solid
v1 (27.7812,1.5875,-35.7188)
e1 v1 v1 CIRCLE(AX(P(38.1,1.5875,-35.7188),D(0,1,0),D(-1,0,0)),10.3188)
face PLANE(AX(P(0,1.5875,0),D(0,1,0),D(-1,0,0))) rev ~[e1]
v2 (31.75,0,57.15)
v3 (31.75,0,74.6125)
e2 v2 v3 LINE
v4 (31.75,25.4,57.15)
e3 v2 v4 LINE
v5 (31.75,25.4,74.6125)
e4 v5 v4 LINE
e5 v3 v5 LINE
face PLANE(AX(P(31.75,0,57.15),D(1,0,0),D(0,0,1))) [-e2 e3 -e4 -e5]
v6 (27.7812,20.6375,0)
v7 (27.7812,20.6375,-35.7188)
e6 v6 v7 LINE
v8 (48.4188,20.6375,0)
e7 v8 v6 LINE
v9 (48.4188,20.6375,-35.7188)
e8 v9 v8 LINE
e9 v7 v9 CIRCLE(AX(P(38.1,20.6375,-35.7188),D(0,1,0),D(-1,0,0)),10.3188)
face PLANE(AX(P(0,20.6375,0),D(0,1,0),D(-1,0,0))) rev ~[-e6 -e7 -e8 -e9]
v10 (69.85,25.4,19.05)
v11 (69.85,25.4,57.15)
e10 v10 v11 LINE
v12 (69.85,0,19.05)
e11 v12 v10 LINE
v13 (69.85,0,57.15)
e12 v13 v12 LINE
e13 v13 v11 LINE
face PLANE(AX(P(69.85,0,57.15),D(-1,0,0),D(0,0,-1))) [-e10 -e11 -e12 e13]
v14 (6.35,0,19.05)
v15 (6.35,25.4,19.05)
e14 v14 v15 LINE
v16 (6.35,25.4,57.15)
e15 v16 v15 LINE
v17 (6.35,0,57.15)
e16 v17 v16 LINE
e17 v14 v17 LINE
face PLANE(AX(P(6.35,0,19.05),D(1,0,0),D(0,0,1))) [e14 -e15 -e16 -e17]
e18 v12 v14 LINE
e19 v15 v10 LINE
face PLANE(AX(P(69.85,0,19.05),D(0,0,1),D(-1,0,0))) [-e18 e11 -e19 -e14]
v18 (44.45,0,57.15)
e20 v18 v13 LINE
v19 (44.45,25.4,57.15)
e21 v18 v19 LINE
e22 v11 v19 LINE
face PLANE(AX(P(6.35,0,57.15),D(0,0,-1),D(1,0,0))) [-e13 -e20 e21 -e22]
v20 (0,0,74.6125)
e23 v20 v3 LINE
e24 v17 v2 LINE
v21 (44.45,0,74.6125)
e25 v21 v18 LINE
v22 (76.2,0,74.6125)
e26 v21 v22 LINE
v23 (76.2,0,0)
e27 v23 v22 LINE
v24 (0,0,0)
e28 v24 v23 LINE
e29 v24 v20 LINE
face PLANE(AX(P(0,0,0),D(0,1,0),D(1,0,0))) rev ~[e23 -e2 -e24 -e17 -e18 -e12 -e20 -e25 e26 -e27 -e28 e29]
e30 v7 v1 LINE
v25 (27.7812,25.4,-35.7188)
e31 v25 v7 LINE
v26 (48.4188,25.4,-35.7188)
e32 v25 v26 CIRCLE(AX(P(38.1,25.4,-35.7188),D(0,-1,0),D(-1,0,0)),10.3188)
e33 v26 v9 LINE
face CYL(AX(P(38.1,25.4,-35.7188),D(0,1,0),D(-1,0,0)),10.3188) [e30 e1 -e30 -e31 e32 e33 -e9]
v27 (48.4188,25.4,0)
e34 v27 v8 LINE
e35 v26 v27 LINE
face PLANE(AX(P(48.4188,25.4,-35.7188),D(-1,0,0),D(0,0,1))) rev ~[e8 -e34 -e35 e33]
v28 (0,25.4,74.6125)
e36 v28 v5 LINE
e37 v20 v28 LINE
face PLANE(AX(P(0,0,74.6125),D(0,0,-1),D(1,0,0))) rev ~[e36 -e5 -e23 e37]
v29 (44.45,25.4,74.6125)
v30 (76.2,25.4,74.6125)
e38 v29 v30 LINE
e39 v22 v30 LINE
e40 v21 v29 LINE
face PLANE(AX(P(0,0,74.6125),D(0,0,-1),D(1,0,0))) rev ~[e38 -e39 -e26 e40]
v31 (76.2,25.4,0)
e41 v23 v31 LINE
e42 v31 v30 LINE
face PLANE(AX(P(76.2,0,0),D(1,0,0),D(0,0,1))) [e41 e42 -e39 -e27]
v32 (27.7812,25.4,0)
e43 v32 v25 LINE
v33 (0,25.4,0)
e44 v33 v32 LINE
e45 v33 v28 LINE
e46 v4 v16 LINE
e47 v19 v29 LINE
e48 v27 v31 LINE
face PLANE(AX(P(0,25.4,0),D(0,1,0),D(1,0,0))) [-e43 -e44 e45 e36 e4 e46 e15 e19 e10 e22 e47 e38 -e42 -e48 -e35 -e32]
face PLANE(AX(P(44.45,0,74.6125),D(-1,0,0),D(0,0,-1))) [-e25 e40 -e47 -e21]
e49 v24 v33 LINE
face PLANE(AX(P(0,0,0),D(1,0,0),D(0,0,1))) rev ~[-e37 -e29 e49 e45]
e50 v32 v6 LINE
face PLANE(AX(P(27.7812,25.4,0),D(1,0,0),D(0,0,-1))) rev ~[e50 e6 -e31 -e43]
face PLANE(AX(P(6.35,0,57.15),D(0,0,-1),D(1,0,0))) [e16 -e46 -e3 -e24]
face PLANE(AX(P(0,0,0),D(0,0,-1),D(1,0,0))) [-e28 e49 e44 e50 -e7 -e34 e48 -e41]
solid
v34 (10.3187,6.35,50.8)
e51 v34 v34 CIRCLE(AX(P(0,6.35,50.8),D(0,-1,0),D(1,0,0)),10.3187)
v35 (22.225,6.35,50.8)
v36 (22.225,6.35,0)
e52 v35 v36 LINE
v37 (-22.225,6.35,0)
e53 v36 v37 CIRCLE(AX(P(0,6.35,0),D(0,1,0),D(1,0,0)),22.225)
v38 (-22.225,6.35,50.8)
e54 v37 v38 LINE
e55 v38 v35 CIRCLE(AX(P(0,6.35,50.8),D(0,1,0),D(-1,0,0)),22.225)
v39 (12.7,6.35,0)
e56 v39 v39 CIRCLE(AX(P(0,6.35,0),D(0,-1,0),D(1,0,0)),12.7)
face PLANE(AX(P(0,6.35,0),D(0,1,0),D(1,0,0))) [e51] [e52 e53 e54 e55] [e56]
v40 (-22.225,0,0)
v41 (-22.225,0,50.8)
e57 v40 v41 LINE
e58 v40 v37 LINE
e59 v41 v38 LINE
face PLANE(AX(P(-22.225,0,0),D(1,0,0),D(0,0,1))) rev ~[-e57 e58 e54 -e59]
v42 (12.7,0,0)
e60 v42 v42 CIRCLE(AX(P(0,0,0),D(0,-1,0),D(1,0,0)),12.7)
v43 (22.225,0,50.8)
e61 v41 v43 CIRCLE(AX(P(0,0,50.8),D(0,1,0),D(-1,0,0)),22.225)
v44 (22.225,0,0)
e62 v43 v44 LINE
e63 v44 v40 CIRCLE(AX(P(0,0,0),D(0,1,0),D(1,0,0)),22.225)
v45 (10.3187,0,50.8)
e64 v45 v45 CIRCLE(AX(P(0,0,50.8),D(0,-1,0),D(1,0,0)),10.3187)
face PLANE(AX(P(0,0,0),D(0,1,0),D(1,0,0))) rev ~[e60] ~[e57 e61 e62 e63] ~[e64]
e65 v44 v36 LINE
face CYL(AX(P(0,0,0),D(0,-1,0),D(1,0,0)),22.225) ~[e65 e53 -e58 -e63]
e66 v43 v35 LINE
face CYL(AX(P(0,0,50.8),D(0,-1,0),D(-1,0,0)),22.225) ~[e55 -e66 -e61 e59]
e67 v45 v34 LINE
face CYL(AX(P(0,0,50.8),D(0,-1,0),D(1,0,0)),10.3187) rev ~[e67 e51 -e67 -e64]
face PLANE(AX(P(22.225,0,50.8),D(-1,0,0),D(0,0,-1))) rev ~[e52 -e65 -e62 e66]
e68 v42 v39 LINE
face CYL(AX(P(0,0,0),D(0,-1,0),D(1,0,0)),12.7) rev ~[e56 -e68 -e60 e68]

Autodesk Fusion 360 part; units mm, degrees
sketch "Sketch1" plane through (0, 0, 0) normal (0, 1, 0) x (1, 0, 0)
  line L0 (0, 0) -> (76.2, 0)
  line L1 (76.2, 0) -> (76.2, -74.6125)
  line L2 (0, 0) -> (0, -74.6125)
  line L3 (0, -74.6125) -> (76.2, -74.6125)
  dimension "d17" = 76.2
  dimension "d18" = 74.6125
  dimension "d19" = 74.6125
  dimension "d20" = 76.2
extrude "Extrude1" add sketch "Sketch1" along normal blind 25.4 makes body 1
sketch "Sketch2" plane through (0, 0, 0) normal (0, -1, 0) x (1, 0, 0)
  line L0 (0, 74.6125) -> (0, 0)
  line L1 (0, 0) -> (76.2, 0)
  line L2 (76.2, 0) -> (76.2, 74.6125)
  line L3 (76.2, 74.6125) -> (0, 74.6125)
  line L4 (6.35, 57.15) -> (69.85, 57.15)
  line L5 (69.85, 57.15) -> (69.85, 19.05)
  line L6 (69.85, 19.05) -> (6.35, 19.05)
  line L7 (6.35, 19.05) -> (6.35, 57.15)
  dimension "d23" = 19.05
  dimension "d24" = 63.5
  dimension "d25" = 6.35
  dimension "d26" = 38.1
extrude "Extrude2" cut sketch "Sketch2" against normal through all contours L4 L5 L6 L7 bodies 1
sketch "Sketch3" plane through (0, 0, 0) normal (0, -1, 0) x (1, 0, 0)
  line L0 (6.35, 19.05) -> (6.35, 57.15)
  line L1 (6.35, 57.15) -> (69.85, 57.15)
  line L2 (69.85, 57.15) -> (69.85, 19.05)
  line L3 (69.85, 19.05) -> (6.35, 19.05)
  line L4 (0, 74.6125) -> (0, 0)
  line L5 (0, 0) -> (76.2, 0)
  line L6 (76.2, 0) -> (76.2, 74.6125)
  line L7 (76.2, 74.6125) -> (0, 74.6125)
  line L8 (31.75, 74.6125) -> (44.45, 74.6125)
  line L9 (44.45, 74.6125) -> (44.45, 57.15)
  line L10 (44.45, 57.15) -> (31.75, 57.15)
  line L11 (31.75, 57.15) -> (31.75, 74.6125)
  dimension "d28" = 12.7
  dimension "d29" = 31.75
extrude "Extrude3" cut sketch "Sketch3" against normal through all contours L1 L7 L8 L9 L10 L11 bodies 1
sketch "Sketch4" plane through (0, 25.4, 0) normal (0, 1, 0) x (-1, 0, 0)
  line L0 (-31.75, 74.6125) -> (-31.75, 57.15)
  line L1 (-31.75, 57.15) -> (-6.35, 57.15)
  line L2 (-6.35, 57.15) -> (-6.35, 19.05)
  line L3 (-6.35, 19.05) -> (-69.85, 19.05)
  line L4 (-69.85, 19.05) -> (-69.85, 57.15)
  line L5 (-69.85, 57.15) -> (-44.45, 57.15)
  line L6 (-44.45, 57.15) -> (-44.45, 74.6125)
  line L7 (-44.45, 74.6125) -> (-76.2, 74.6125)
  line L8 (-76.2, 74.6125) -> (-76.2, 0)
  line L9 (-76.2, 0) -> (0, 0)
  line L10 (0, 0) -> (0, 74.6125)
  line L11 (0, 74.6125) -> (-31.75, 74.6125)
  line L12 (-48.4188, 0) -> (-27.7812, 0)
  line L13 (-27.7812, 0) -> (-27.7812, -35.7188)
  line L14 (-27.7812, -35.7188) -> (-48.4188, -35.7188)
  line L15 (-48.4188, -35.7188) -> (-48.4188, 0)
  dimension "d36" = 20.6375
  dimension "d37" = 27.7812
  dimension "d40" = 35.7188
extrude "Extrude4" add sketch "Sketch4" against normal blind 4.7625 contours L9 L12 L13 L14 L15 bodies 1
sketch "Sketch5" plane through (0, 25.4, 0) normal (0, 1, 0) x (-1, 0, 0)
  line L0 (-31.75, 74.6125) -> (-31.75, 57.15)
  line L1 (-31.75, 57.15) -> (-6.35, 57.15)
  line L2 (-6.35, 57.15) -> (-6.35, 19.05)
  line L3 (-6.35, 19.05) -> (-69.85, 19.05)
  line L4 (-69.85, 19.05) -> (-69.85, 57.15)
  line L5 (-69.85, 57.15) -> (-44.45, 57.15)
  line L6 (-44.45, 57.15) -> (-44.45, 74.6125)
  line L7 (-44.45, 74.6125) -> (-76.2, 74.6125)
  line L8 (-76.2, 74.6125) -> (-76.2, 0)
  line L9 (-76.2, 0) -> (-48.4187, 0)
  line L10 (-48.4188, 0) -> (-48.4188, -35.7188)
  line L11 (-48.4188, -35.7188) -> (-27.7812, -35.7188)
  line L12 (-27.7812, -35.7188) -> (-27.7812, 0)
  line L13 (-27.7812, 0) -> (0, 0)
  line L14 (0, 0) -> (0, 74.6125)
  line L15 (0, 74.6125) -> (-31.75, 74.6125)
  line L16 (-27.7812, -35.7188) -> (-48.4188, -35.7188)
  circle A0 centre (-38.1, -35.7188) radius 10.3188
  dimension "d43" = 20.6375
extrude "Extrude5" add sketch "Sketch5" against normal blind 23.8125 contours L11 L16 A0 | L11 L16 A0 bodies 1
sketch "Sketch1 (2)" plane through (0, 0, 0) normal (0, 1, 0) x (1, 0, 0) in component "Link"
  line L0 (-22.225, 0) -> (-22.225, -50.8)
  arc A0 (-22.225, -50.8) -> (22.225, -50.8) centre (0, -50.8) ccw
  line L1 (22.225, -50.8) -> (22.225, 0)
  arc A1 (22.225, 0) -> (-22.225, 0) centre (0, 0) ccw
  line L2 (0, 0) -> (0, -50.8) construction
  dimension "d54" = 50.8
  dimension "d55" = 44.45
extrude "Extrude1'" add sketch "Sketch1 (2)" along normal blind 6.35 separate body makes body 2 in component "Link"
sketch "Sketch2 (2)" plane through (0, 0, 0) normal (0, -1, 0) x (1, 0, 0) in component "Link"
  arc A0 (-22.225, 0) -> (22.225, 0) centre (0, 0) ccw
  line L0 (22.225, 0) -> (22.225, 50.8)
  arc A1 (22.225, 50.8) -> (-22.225, 50.8) centre (0, 50.8) ccw
  line L1 (-22.225, 50.8) -> (-22.225, 0)
  circle A2 centre (0, 50.8) radius 10.3187
  circle A3 centre (0, 0) radius 12.7
  dimension "d58" = 20.6375
  dimension "d59" = 25.4
extrude "Extrude2'" cut sketch "Sketch2 (2)" against normal blind 6.35 contours A2 | A3 bodies 2 in component "Link"
component "Link" placed x (1, 0, 0) y (0, 1, 0) z (0, 0, 1) at (0, 0, 0)
equation "slot_width = 0.500 in"
equation "side_recess = 1.000 in"
equation "slot_height = 1.500 in"
equation "wall_thickness = 0.250 in"
equation "bottom_thickness = ceil(c_min_thickness / size_increment) * size_increment"
equation "lip_thickness = 0.6875 in"
equation "bracket_depth = 1.000 in"
equation "opening_width = slot_width + 2 * side_recess"
equation "bracket_width = opening_width + 2 * wall_thickness"
equation "bracket_height = bottom_thickness + slot_height + lip_thickness"
equation "c_span = opening_width + wall_thickness"
equation "size_increment = 0.0625 in"
equation "d17 = bracket_width"
equation "d18 = bracket_height"
equation "d19 = bracket_height"
equation "d20 = bracket_width"
equation "d21 = bracket_depth"
equation "d23 = bottom_thickness"
equation "d24 = opening_width"
equation "d25 = wall_thickness"
equation "d26 = slot_height"
equation "d28 = slot_width"
equation "d29 = ( bracket_width - slot_width ) / 2"
equation "a_diameter = 0.8125 in"
equation "b_width = 0.8125 in"
equation "b_thickness = 0.1875 in"
equation "b_clear_length = 1.000 in"
equation "b_total_length = b_clear_length + a_diameter / 2"
equation "d36 = b_width"
equation "d37 = ( bracket_width - b_width ) / 2"
equation "d40 = b_total_length"
equation "a_exposed_length = 0.750 in"
equation "a_total_length = a_exposed_length + b_thickness"
equation "d43 = a_diameter"
equation "link_width = 1.750 in"
equation "link_thickness = 0.250 in"
equation "link_spacing = 2.000 in"
equation "link_end_radius = link_width / 2"
equation "link_length = link_spacing + 2 * link_end_radius"
equation "link_a_hole = a_diameter"
equation "shaft_basic_diameter = 1.000 in"
equation "link_shaft_hole = shaft_basic_diameter"
equation "d54 = link_spacing"
equation "d55 = link_width"
equation "d56 = link_thickness"
equation "d58 = link_a_hole"
equation "d59 = link_shaft_hole"
